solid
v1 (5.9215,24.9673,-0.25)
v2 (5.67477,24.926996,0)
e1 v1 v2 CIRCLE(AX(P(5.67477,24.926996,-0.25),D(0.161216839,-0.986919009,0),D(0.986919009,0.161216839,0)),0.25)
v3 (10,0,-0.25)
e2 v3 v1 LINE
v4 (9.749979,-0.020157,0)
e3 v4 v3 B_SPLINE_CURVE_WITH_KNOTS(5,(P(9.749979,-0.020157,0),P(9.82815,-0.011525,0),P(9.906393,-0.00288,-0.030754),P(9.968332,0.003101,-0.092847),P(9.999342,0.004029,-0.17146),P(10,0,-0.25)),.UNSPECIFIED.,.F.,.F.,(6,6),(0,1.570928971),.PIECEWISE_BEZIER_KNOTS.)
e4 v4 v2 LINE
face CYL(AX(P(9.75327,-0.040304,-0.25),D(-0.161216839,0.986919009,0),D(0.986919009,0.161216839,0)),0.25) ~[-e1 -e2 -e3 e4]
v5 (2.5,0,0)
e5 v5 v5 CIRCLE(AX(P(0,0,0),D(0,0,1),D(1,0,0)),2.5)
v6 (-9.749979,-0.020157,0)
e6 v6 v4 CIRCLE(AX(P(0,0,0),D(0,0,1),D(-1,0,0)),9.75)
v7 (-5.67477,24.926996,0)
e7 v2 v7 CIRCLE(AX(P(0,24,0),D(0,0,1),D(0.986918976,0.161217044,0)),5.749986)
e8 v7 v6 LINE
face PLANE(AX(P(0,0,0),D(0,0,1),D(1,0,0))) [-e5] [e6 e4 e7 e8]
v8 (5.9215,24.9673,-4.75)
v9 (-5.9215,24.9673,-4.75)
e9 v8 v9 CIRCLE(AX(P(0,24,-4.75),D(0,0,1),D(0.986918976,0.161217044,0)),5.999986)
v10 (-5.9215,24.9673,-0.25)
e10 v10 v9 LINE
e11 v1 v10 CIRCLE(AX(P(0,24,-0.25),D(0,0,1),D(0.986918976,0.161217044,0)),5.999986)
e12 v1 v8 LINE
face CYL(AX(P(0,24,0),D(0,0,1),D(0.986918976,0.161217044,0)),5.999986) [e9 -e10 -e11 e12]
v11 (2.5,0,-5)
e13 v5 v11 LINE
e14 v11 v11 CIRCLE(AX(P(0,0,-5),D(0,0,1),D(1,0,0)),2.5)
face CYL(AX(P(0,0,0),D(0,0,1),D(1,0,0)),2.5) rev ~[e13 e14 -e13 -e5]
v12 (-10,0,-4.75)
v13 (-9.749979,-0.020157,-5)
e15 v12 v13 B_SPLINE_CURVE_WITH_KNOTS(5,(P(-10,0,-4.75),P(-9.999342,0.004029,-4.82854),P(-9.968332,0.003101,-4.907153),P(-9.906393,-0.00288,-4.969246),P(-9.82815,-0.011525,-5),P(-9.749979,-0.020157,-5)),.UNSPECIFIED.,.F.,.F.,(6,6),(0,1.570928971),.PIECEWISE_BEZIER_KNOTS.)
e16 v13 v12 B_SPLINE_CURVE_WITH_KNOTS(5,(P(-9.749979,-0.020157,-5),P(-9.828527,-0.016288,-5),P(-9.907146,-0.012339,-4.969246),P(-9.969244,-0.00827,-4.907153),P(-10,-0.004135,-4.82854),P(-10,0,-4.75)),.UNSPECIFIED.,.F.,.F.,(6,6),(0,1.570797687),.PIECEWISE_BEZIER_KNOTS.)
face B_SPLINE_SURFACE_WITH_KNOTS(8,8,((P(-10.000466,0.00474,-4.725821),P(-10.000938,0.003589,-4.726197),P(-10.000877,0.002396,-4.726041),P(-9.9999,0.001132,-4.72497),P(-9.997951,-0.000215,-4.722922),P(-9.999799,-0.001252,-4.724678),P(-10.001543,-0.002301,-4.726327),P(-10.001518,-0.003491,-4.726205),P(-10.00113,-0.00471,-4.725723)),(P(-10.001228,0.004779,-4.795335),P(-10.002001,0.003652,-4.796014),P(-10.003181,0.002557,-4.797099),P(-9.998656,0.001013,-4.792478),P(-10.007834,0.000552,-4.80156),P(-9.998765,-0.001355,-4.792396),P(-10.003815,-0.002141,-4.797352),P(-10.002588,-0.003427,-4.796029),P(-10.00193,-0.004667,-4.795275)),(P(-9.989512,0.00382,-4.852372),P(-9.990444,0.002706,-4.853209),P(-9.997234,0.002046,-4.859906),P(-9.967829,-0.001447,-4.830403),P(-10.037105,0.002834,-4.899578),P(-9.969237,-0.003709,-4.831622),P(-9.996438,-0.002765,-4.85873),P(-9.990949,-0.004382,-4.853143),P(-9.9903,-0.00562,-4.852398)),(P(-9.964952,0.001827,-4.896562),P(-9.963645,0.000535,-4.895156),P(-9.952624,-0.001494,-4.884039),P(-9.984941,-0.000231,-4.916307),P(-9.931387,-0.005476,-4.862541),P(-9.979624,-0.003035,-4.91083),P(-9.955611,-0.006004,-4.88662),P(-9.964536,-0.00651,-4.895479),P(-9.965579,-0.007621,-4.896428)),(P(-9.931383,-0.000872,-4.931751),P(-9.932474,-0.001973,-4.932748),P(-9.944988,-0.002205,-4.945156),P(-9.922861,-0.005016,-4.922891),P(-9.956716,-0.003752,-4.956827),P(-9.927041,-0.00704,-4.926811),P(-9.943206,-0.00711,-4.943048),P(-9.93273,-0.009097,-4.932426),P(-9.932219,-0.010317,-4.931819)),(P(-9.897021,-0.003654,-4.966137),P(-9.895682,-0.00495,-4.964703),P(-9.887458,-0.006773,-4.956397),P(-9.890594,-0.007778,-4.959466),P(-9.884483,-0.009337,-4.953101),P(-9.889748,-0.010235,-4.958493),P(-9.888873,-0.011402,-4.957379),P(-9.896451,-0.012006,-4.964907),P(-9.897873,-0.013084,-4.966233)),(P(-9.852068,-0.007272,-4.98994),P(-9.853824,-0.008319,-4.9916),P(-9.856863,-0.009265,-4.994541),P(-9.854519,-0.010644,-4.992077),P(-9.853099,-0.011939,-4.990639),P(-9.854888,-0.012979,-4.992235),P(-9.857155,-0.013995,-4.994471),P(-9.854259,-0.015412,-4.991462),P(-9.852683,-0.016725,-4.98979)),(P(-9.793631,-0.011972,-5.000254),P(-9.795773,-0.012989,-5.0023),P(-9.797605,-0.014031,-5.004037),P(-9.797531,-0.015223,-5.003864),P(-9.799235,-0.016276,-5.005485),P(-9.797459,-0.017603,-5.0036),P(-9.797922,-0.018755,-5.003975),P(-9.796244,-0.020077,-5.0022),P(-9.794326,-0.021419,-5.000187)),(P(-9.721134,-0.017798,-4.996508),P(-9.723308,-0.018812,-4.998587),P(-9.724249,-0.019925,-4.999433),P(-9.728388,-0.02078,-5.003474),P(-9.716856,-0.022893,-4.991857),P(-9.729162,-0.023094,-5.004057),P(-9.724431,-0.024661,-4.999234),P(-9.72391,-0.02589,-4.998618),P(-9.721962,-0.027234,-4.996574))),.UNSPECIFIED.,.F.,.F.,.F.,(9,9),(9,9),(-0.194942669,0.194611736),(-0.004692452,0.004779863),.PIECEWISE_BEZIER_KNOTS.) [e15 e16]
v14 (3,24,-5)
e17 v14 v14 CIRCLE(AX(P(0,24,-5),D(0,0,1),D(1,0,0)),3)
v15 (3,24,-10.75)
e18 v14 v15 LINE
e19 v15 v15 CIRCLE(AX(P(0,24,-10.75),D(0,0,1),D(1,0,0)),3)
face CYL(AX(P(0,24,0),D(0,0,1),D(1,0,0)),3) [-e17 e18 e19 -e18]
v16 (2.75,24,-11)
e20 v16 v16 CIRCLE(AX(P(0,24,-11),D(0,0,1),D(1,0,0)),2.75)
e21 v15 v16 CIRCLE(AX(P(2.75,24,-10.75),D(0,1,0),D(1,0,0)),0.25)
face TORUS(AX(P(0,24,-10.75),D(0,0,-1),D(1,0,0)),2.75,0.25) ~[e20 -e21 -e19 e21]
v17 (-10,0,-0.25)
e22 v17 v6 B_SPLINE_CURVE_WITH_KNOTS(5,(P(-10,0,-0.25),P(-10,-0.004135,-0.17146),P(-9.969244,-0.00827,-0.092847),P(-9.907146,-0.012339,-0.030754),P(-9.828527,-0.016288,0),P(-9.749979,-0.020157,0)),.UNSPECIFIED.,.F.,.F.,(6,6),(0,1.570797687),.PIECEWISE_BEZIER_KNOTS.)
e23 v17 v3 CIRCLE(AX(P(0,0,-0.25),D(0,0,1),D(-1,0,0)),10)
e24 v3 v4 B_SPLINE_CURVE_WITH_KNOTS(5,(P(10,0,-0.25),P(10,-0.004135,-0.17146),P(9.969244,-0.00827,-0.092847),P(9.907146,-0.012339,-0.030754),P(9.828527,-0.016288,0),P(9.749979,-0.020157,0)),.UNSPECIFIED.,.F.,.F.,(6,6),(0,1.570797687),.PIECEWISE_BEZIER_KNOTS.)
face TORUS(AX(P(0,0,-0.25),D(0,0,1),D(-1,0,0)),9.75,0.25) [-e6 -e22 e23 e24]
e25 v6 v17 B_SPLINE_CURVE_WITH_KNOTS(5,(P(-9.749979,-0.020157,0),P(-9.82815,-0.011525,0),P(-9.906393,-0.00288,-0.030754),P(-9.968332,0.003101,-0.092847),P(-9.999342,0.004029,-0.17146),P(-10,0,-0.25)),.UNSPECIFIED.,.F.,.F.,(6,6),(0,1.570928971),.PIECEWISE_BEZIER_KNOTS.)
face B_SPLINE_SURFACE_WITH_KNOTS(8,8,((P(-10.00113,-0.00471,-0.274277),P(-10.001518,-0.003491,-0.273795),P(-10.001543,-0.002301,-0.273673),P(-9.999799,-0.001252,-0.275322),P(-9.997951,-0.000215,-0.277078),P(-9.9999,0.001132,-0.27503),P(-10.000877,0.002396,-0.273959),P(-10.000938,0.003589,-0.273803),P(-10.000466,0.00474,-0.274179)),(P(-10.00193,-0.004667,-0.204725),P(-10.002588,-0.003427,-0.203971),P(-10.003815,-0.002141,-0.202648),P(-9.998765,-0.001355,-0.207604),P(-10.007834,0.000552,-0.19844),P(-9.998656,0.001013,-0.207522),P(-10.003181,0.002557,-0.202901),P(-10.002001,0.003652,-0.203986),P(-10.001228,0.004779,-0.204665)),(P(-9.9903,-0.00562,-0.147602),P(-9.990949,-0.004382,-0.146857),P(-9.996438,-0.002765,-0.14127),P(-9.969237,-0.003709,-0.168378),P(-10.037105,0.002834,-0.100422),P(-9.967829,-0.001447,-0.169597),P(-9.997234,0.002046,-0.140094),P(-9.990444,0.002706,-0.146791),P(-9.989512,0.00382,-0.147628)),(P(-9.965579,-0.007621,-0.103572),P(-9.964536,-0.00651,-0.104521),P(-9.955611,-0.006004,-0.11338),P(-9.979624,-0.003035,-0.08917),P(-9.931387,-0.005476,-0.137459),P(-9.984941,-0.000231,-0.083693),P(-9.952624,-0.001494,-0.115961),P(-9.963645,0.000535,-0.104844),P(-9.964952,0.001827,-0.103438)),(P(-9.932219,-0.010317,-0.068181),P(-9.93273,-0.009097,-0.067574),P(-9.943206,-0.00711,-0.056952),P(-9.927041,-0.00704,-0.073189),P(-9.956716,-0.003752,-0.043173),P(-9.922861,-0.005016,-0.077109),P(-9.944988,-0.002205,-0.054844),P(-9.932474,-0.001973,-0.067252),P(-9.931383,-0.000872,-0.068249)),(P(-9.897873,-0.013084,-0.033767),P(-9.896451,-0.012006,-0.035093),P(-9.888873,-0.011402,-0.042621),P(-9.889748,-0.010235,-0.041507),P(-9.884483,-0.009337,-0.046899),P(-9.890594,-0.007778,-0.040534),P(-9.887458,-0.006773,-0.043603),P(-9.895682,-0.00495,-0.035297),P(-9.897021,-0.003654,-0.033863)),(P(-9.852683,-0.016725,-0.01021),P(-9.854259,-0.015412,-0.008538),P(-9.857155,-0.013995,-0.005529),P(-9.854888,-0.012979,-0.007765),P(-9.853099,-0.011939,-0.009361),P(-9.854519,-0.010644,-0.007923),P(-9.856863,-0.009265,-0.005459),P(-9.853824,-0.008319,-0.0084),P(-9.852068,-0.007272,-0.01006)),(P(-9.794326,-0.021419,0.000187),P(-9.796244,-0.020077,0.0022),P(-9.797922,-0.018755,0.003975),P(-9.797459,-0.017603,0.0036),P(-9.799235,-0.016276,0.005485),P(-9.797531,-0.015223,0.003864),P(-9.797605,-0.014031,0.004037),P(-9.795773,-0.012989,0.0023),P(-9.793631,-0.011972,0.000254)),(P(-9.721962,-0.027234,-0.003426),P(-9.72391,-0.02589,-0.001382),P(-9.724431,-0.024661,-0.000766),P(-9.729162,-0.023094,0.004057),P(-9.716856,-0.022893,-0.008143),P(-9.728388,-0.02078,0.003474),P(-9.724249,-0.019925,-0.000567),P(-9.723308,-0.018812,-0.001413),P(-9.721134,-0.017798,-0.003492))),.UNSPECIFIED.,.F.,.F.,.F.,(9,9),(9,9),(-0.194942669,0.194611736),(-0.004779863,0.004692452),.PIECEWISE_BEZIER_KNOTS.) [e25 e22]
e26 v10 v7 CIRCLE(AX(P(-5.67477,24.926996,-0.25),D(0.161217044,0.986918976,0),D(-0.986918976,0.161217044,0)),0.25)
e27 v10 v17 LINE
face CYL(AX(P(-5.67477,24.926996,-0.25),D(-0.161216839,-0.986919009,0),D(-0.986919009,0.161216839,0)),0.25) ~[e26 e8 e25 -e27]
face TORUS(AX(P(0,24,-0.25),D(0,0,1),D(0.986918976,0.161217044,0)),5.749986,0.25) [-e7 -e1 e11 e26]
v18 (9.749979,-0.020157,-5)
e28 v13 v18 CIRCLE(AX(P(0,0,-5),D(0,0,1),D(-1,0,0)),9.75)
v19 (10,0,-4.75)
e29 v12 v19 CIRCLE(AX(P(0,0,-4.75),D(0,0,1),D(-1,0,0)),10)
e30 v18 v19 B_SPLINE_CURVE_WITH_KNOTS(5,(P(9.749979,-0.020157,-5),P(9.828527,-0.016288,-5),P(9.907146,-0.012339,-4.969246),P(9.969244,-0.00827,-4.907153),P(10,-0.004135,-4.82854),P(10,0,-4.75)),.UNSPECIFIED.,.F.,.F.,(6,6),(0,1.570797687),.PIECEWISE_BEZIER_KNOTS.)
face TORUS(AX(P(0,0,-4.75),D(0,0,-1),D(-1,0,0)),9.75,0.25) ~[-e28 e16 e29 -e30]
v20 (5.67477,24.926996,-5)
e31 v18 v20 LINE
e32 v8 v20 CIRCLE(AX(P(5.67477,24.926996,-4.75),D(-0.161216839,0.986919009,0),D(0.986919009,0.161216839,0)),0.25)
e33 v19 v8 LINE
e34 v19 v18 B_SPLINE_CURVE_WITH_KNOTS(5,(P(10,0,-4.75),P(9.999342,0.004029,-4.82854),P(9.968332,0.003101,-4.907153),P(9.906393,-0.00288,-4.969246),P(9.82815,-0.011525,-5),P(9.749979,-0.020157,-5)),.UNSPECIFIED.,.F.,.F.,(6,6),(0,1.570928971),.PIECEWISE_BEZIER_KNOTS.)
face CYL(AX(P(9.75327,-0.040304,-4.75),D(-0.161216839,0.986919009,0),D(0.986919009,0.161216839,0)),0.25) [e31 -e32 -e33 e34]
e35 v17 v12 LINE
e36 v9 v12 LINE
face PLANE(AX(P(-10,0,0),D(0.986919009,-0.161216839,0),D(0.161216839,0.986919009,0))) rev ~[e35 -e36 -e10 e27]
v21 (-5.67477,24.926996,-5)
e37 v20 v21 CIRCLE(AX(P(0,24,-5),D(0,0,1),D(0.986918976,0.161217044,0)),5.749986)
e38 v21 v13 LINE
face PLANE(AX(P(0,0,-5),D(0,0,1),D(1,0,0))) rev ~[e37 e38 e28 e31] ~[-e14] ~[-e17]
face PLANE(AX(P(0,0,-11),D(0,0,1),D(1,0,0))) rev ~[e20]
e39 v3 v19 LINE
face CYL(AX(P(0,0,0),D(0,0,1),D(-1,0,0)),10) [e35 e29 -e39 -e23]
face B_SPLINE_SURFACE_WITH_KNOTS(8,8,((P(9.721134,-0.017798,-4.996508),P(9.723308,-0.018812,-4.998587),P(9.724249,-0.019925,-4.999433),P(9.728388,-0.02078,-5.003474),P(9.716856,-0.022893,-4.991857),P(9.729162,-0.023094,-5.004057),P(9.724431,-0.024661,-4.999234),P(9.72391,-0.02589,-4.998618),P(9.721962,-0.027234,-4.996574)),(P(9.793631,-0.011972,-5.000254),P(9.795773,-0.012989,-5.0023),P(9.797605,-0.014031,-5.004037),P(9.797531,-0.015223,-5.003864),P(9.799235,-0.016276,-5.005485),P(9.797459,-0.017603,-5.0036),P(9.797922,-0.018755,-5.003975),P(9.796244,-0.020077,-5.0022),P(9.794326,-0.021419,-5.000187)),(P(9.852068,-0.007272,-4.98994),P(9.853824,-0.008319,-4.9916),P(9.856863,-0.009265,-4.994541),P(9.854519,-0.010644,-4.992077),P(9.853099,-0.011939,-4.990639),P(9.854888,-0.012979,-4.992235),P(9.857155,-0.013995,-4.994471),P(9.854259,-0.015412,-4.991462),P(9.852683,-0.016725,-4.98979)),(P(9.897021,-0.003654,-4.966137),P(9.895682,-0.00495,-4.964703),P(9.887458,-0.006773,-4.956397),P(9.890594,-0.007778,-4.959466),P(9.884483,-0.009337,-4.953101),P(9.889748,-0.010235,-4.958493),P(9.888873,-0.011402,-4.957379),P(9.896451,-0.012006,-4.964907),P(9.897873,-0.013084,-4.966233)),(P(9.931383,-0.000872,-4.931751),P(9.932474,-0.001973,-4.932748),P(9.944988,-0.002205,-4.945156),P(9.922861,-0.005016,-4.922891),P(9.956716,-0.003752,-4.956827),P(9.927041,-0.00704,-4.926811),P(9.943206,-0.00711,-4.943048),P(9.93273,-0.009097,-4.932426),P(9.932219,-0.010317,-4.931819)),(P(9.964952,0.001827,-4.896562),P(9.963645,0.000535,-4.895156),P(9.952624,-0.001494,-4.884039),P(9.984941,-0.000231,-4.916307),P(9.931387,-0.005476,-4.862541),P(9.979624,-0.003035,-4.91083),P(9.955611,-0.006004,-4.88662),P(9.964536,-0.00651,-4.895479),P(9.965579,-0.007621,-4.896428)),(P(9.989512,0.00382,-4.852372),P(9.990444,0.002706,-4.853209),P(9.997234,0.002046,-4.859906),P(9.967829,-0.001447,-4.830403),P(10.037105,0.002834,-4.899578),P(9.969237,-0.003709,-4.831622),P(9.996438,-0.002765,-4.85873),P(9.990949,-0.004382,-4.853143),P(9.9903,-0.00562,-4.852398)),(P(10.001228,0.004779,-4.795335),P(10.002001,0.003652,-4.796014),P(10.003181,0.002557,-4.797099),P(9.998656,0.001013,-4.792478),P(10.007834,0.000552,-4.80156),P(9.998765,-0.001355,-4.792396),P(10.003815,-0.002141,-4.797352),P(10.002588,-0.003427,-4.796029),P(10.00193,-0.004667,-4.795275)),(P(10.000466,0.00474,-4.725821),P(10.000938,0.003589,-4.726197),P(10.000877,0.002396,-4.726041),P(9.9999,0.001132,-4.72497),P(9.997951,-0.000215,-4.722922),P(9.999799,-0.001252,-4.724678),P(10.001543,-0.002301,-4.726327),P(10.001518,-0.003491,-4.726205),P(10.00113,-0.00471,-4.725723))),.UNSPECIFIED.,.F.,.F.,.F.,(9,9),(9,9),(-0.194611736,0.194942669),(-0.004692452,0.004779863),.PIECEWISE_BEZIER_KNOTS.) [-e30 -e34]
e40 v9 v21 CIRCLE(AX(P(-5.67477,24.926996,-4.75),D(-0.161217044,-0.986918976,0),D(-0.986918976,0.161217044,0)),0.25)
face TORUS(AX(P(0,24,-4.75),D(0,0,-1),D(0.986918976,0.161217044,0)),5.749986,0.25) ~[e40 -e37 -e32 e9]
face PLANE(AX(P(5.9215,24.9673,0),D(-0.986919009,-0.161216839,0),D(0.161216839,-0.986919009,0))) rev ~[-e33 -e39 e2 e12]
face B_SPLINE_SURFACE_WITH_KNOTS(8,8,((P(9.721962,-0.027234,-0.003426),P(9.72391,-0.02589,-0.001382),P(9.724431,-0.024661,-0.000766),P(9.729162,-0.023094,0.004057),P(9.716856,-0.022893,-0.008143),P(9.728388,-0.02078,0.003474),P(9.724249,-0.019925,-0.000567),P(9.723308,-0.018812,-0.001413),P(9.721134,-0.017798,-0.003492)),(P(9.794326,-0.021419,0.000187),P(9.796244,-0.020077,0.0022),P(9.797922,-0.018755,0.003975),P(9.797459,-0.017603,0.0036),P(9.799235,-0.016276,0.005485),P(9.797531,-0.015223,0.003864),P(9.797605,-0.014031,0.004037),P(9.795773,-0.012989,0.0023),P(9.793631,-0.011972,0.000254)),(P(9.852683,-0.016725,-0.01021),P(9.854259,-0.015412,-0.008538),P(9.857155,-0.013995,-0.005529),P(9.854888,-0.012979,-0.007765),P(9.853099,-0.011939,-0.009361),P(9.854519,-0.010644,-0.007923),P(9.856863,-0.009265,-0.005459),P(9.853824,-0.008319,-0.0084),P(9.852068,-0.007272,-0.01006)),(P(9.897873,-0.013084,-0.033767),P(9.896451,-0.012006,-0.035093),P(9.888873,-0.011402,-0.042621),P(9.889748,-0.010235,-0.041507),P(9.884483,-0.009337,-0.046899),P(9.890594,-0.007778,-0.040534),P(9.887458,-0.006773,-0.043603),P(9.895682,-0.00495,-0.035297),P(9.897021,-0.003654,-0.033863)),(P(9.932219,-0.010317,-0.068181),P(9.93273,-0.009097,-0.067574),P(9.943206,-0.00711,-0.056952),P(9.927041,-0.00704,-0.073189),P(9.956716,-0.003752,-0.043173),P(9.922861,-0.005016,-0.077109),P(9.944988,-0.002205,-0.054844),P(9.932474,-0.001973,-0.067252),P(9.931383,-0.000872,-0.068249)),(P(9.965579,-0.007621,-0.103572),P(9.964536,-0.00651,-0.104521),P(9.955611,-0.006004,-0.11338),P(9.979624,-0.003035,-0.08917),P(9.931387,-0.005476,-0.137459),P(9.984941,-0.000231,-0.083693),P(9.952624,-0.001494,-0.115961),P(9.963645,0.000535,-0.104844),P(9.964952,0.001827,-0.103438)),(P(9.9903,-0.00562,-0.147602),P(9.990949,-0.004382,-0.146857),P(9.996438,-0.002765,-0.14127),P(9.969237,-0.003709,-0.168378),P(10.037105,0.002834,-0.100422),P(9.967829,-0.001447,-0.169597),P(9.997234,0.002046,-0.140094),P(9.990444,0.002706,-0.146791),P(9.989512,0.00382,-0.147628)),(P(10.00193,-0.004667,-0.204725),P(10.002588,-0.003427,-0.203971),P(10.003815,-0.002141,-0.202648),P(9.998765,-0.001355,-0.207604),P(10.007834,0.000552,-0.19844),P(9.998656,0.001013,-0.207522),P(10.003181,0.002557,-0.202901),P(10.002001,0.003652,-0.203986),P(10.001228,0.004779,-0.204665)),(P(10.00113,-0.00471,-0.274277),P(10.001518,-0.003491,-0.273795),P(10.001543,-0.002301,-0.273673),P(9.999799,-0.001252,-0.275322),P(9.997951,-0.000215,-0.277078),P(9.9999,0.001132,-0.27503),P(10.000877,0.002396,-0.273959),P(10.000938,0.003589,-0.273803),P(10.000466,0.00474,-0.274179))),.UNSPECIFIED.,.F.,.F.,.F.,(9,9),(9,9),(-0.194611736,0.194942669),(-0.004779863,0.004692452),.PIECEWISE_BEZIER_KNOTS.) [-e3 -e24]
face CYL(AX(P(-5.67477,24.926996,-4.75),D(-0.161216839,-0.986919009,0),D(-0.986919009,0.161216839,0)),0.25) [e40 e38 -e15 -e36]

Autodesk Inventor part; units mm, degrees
ref_plane "YZ Plane" through (0, 0, 0) normal (1, 0, 0) x (0, 1, 0)
ref_plane "XZ Plane" through (0, 0, 0) normal (0, 1, 0) x (-1, 0, 0)
ref_plane "XY Plane" through (0, 0, 0) normal (0, 0, 1) x (1, 0, 0)
sketch "Sketch1" plane through (0, 0, 0) normal (0, 0, 1) x (1, 0, 0)
  line L0 (-10, 0) -> (10, 0) construction
  arc A0 (-10, 0) -> (10, 0) centre (0, 0) ccw
  line L1 (-10, 0) -> (-5.9215, 24.9673)
  arc A1 (5.9215, 24.9673) -> (-5.9215, 24.9673) centre (0, 24) ccw
  line L2 (5.9215, 24.9673) -> (10, 0)
  line L3 (0, 0) -> (0, 15.7423) construction
  dimension "d0" = 24
  dimension "d1" = 6
  dimension "d2" = 10
extrude "Extrusion1" add sketch "Sketch1" against normal blind 5
sketch "Sketch2" plane through (0, 0, 0) normal (0, 0, 1) x (1, 0, 0)
  circle A0 centre (0, 24) radius 3
  arc A1 (5.9215, 24.9673) -> (-5.9215, 24.9673) centre (0, 24) ccw projected
  point P0 (0, 0)
  dimension "d5" = 6
extrude "Extrusion2" add sketch "Sketch2" against normal blind 11
sketch "Sketch3" plane through (0, 0, 0) normal (0, 0, 1) x (1, 0, 0)
  circle A0 centre (0, 0) radius 2.5
  dimension "d14" = 5
extrude "Extrusion3" cut sketch "Sketch3" against normal up to surface (5 mm away)
fillet "Fillet1" radius 0.25 9 edges at (-3, 24, -11) (0, 30, -5) (-7.9608, 12.4836, -5) (7.9608, 12.4836, -5) (0, -10, -5) (0, -10, 0) (0, 30, 0) (-7.9608, 12.4836, 0) (7.9608, 12.4836, 0)
properties part number "201 part 2"
